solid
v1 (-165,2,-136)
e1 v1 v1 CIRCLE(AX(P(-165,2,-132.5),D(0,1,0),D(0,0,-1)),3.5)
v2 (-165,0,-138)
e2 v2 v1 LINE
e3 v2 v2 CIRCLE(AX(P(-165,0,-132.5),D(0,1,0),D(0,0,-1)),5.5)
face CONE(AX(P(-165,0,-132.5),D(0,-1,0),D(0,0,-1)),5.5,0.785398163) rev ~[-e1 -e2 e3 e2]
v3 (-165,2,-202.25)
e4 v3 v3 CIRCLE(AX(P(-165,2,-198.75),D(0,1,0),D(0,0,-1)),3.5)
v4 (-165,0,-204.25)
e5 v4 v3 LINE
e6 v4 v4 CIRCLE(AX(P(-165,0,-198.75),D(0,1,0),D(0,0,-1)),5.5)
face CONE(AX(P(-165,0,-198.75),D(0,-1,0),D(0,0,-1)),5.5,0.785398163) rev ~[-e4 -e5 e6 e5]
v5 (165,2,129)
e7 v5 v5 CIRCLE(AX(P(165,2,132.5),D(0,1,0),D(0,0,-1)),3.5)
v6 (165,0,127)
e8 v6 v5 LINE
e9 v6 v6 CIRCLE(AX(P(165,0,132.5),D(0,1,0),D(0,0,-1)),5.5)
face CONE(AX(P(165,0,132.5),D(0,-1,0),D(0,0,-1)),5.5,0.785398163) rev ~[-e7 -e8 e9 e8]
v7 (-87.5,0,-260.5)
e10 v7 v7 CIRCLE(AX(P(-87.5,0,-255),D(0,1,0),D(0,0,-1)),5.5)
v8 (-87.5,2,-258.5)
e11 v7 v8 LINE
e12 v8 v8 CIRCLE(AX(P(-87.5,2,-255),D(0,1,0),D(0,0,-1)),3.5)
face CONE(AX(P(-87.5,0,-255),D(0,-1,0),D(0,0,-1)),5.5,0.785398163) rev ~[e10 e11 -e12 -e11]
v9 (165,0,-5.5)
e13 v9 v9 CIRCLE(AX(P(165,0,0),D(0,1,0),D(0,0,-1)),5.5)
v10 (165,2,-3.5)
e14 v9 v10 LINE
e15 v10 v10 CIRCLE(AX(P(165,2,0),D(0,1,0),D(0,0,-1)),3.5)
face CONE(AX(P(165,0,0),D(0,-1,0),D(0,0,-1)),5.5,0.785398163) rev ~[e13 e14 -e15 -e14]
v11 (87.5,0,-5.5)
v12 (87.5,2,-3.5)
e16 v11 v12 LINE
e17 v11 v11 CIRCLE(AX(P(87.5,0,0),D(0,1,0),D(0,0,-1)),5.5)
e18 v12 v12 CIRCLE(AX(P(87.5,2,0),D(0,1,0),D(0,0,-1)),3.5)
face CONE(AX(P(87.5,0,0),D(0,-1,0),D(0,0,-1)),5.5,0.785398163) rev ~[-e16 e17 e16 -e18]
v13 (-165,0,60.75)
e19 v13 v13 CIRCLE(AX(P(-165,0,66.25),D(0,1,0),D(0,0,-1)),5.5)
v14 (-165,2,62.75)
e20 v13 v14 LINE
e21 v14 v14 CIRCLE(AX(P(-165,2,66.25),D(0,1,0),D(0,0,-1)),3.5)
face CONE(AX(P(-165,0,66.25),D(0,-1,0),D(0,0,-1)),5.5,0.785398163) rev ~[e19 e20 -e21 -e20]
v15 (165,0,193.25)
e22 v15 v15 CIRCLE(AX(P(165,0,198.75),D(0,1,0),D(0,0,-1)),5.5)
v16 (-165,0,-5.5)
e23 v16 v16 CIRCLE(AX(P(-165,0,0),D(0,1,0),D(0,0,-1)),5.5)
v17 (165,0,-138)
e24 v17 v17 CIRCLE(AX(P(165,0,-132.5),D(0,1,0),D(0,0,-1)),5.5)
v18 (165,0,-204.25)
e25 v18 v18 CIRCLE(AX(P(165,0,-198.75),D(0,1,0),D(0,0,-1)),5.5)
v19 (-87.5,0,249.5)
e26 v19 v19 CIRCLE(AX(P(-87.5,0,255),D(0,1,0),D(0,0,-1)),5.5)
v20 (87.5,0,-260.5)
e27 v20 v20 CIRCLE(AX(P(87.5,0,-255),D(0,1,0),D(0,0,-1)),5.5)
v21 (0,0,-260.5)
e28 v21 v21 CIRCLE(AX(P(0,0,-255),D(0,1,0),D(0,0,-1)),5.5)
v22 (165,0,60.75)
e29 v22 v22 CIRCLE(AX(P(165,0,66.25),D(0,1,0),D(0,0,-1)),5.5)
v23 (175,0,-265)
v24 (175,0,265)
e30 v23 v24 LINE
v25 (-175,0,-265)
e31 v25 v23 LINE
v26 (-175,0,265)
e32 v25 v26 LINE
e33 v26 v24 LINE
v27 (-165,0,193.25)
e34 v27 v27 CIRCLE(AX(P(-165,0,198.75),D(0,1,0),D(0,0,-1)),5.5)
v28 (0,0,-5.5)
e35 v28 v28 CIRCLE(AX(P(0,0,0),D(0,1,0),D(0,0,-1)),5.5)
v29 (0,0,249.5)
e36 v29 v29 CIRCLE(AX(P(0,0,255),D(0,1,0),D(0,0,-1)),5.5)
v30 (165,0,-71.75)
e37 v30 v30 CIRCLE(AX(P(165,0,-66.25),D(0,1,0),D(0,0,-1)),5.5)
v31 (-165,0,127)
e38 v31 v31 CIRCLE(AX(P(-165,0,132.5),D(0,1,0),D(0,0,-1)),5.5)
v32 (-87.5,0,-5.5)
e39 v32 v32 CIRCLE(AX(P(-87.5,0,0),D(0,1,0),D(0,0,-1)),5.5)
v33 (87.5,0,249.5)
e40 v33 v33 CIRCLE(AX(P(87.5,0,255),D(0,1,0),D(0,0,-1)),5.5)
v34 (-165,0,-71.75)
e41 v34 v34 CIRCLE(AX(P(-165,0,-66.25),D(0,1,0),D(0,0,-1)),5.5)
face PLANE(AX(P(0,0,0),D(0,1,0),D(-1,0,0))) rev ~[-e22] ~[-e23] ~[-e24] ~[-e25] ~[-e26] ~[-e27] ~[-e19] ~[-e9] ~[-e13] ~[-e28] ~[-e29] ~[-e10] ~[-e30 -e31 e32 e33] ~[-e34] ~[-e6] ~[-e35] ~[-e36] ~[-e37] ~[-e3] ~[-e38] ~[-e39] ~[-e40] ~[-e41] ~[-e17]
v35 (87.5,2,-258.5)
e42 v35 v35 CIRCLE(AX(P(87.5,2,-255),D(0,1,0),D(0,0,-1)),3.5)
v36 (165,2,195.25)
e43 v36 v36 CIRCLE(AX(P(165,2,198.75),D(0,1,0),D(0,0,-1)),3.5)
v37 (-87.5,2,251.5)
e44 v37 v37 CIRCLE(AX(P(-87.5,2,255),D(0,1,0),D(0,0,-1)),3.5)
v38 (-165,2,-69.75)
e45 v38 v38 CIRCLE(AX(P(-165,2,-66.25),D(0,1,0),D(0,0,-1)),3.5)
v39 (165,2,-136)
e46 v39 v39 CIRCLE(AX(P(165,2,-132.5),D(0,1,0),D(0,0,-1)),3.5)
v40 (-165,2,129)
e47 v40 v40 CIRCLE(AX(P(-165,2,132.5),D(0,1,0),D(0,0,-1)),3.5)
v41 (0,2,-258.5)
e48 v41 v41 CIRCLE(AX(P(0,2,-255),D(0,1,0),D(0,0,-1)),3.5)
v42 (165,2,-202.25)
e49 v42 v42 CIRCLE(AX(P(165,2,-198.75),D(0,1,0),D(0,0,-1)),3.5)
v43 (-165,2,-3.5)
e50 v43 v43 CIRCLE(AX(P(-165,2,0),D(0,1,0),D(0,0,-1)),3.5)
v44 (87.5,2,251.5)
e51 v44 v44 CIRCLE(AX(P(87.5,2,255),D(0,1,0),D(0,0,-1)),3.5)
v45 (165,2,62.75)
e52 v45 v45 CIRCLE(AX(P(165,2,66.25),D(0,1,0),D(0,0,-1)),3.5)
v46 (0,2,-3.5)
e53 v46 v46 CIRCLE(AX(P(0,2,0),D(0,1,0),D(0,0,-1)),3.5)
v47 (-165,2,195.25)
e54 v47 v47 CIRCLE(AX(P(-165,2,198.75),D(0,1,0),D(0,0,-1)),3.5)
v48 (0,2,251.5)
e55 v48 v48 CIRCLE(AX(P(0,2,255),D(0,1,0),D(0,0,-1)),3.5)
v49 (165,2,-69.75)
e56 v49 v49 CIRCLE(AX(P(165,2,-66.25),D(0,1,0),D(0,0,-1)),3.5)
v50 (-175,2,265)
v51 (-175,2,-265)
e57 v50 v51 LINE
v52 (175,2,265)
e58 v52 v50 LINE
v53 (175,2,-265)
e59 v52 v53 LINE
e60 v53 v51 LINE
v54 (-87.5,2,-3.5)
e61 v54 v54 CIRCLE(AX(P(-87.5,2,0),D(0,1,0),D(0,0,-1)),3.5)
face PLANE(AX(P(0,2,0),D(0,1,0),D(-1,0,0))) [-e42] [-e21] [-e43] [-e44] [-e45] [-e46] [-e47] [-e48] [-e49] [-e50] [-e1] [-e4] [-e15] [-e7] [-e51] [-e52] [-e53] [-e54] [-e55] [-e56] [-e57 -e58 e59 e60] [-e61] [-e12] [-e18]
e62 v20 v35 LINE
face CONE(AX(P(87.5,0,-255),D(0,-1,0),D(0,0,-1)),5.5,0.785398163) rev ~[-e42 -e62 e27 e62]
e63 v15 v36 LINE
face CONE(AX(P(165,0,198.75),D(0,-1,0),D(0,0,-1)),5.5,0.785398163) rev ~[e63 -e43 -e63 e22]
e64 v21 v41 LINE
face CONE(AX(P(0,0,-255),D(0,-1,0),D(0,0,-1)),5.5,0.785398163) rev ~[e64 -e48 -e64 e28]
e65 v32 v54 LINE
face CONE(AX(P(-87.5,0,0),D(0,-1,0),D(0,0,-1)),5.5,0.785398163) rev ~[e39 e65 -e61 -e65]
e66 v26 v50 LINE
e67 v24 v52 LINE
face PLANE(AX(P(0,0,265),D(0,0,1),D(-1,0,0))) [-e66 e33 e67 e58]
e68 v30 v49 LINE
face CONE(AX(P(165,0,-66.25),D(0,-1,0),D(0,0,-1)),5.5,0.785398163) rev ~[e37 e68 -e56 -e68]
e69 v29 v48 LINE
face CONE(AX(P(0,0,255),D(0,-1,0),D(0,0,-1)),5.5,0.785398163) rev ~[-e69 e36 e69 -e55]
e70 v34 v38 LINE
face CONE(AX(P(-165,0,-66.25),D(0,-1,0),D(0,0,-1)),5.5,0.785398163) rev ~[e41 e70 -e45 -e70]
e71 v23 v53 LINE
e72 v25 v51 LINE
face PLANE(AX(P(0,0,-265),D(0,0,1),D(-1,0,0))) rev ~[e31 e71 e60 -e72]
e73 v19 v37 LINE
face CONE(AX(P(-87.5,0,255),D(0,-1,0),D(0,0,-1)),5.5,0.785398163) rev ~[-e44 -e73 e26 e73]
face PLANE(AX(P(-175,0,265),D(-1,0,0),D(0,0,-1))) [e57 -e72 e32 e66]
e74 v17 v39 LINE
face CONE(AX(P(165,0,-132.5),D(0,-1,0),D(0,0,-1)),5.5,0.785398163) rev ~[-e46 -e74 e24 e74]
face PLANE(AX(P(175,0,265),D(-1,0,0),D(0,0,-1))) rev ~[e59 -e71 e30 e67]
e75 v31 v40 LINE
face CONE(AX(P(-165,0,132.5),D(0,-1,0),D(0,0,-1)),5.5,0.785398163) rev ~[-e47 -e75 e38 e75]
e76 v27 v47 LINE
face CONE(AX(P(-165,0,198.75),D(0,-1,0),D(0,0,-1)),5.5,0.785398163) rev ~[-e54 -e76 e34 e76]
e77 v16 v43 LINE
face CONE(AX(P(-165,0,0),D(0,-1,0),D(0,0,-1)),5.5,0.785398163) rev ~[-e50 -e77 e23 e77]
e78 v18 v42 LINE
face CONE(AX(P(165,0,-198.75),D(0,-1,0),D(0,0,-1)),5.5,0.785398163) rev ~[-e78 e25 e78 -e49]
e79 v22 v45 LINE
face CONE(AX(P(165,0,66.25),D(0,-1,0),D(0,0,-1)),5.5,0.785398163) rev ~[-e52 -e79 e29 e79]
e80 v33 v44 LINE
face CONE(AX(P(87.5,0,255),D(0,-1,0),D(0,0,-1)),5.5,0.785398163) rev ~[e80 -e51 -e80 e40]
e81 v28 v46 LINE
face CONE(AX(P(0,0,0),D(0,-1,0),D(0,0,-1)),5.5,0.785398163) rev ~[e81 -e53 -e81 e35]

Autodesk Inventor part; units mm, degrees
ref_plane "YZ Plane" through (0, 0, 0) normal (1, 0, 0) x (0, 1, 0)
ref_plane "XZ Plane" through (0, 0, 0) normal (0, 1, 0) x (-1, 0, 0)
ref_plane "XY Plane" through (0, 0, 0) normal (0, 0, 1) x (1, 0, 0)
sketch "Эскиз1" plane through (0, 0, 0) normal (0, 1, 0) x (-1, 0, 0)
  line L0 (0, 265) -> (175, 265)
  line L1 (175, 265) -> (175, -265)
  line L2 (0, 265) -> (0, 0)
  line L3 (0, 0) -> (200, 0)
  line L4 (0, 265) -> (-175, 265)
  line L5 (-175, 265) -> (-175, -265)
  line L6 (0, -265) -> (175, -265)
  line L7 (175, -265) -> (175, -125)
  line L8 (-175, -265) -> (-175, -125)
  line L9 (0, -265) -> (-175, -265)
  point P0 (175, 125)
  point P1 (-175, 125)
  dimension "d3" = 350
  dimension "d6" = 530
extrude "Выдавливание1" add sketch "Эскиз1" along normal blind 2
sketch "Эскиз2" plane through (0, 0, 0) normal (0, 1, 0) x (1, 0, 0)
  line L0 (-175, -265) -> (175, -265) projected
  line L1 (175, -265) -> (175, 265) projected
  point P0 (0, 0)
  point P1 (87.5, -255)
  point P2 (0, -255)
  point P3 (-87.5, -255)
  point P4 (87.5, 0)
  point P5 (0, 0)
  point P6 (-87.5, 0)
  point P7 (87.5, 255)
  point P8 (0, 255)
  point P9 (-87.5, 255)
  point P10 (165, -198.75)
  point P11 (165, -132.5)
  point P12 (165, -66.25)
  point P13 (165, 0)
  point P14 (165, 66.25)
  point P15 (165, 132.5)
  point P16 (165, 198.75)
  point P17 (-165, -198.75)
  point P18 (-165, -132.5)
  point P19 (-165, -66.25)
  point P20 (-165, 0)
  point P21 (-165, 66.25)
  point P22 (-165, 132.5)
  point P23 (-165, 198.75)
  dimension "d15" = 10
  dimension "d16" = 87.5
  dimension "d19" = 87.5
  dimension "d22" = 255
  dimension "d25" = 10
  dimension "d26" = 66.25
  dimension "d29" = 66.25
  dimension "d32" = 330
hole "Отверстие2" at (87.5, 0, 255) at (0, 0, 255) at (-87.5, 0, 255) at (87.5, 0, 0) at (0, 0, 0) at (-87.5, 0, 0) at (87.5, 0, -255) at (0, 0, -255) at (-87.5, 0, -255) at (165, 0, 198.75) at (165, 0, 132.5) at (165, 0, 66.25) at (165, 0, 0) at (165, 0, -66.25) at (165, 0, -132.5) at (165, 0, -198.75) at (-165, 0, 198.75) at (-165, 0, 132.5) at (-165, 0, 66.25) at (-165, 0, 0) at (-165, 0, -66.25) at (-165, 0, -132.5) at (-165, 0, -198.75) direction (0, 1, 0) diameter 3 end through all countersink diameter 11 countersink angle 90
sketch "Эскиз3" plane through (0, 0, 0) normal (0, -1, 0) x (1, 0, 0)
  line L0 (-245, 0) -> (245, 0) projected
  line L1 (0, -371) -> (0, 371) projected
  line L2 (-175, 265) -> (175, 265) projected
  point P0 (0, 0)
  point P1 (120, 207)
  point P2 (64, 207)
  point P3 (120, 235)
  point P4 (64, 235)
  point P5 (-120, 207)
  point P6 (-64, 207)
  point P7 (-120, 235)
  point P8 (-64, 235)
  point P9 (120, -207)
  point P10 (64, -207)
  point P11 (120, -235)
  point P12 (64, -235)
  point P13 (-120, -235)
  point P14 (-120, -207)
  point P15 (-64, -207)
  point P16 (-64, -235)
  dimension "d52" = 56
  dimension "d55" = 28
  dimension "d59" = 120
  dimension "d60" = 30
properties part number "нижняя плита" material "СВМПЭ, белый"
